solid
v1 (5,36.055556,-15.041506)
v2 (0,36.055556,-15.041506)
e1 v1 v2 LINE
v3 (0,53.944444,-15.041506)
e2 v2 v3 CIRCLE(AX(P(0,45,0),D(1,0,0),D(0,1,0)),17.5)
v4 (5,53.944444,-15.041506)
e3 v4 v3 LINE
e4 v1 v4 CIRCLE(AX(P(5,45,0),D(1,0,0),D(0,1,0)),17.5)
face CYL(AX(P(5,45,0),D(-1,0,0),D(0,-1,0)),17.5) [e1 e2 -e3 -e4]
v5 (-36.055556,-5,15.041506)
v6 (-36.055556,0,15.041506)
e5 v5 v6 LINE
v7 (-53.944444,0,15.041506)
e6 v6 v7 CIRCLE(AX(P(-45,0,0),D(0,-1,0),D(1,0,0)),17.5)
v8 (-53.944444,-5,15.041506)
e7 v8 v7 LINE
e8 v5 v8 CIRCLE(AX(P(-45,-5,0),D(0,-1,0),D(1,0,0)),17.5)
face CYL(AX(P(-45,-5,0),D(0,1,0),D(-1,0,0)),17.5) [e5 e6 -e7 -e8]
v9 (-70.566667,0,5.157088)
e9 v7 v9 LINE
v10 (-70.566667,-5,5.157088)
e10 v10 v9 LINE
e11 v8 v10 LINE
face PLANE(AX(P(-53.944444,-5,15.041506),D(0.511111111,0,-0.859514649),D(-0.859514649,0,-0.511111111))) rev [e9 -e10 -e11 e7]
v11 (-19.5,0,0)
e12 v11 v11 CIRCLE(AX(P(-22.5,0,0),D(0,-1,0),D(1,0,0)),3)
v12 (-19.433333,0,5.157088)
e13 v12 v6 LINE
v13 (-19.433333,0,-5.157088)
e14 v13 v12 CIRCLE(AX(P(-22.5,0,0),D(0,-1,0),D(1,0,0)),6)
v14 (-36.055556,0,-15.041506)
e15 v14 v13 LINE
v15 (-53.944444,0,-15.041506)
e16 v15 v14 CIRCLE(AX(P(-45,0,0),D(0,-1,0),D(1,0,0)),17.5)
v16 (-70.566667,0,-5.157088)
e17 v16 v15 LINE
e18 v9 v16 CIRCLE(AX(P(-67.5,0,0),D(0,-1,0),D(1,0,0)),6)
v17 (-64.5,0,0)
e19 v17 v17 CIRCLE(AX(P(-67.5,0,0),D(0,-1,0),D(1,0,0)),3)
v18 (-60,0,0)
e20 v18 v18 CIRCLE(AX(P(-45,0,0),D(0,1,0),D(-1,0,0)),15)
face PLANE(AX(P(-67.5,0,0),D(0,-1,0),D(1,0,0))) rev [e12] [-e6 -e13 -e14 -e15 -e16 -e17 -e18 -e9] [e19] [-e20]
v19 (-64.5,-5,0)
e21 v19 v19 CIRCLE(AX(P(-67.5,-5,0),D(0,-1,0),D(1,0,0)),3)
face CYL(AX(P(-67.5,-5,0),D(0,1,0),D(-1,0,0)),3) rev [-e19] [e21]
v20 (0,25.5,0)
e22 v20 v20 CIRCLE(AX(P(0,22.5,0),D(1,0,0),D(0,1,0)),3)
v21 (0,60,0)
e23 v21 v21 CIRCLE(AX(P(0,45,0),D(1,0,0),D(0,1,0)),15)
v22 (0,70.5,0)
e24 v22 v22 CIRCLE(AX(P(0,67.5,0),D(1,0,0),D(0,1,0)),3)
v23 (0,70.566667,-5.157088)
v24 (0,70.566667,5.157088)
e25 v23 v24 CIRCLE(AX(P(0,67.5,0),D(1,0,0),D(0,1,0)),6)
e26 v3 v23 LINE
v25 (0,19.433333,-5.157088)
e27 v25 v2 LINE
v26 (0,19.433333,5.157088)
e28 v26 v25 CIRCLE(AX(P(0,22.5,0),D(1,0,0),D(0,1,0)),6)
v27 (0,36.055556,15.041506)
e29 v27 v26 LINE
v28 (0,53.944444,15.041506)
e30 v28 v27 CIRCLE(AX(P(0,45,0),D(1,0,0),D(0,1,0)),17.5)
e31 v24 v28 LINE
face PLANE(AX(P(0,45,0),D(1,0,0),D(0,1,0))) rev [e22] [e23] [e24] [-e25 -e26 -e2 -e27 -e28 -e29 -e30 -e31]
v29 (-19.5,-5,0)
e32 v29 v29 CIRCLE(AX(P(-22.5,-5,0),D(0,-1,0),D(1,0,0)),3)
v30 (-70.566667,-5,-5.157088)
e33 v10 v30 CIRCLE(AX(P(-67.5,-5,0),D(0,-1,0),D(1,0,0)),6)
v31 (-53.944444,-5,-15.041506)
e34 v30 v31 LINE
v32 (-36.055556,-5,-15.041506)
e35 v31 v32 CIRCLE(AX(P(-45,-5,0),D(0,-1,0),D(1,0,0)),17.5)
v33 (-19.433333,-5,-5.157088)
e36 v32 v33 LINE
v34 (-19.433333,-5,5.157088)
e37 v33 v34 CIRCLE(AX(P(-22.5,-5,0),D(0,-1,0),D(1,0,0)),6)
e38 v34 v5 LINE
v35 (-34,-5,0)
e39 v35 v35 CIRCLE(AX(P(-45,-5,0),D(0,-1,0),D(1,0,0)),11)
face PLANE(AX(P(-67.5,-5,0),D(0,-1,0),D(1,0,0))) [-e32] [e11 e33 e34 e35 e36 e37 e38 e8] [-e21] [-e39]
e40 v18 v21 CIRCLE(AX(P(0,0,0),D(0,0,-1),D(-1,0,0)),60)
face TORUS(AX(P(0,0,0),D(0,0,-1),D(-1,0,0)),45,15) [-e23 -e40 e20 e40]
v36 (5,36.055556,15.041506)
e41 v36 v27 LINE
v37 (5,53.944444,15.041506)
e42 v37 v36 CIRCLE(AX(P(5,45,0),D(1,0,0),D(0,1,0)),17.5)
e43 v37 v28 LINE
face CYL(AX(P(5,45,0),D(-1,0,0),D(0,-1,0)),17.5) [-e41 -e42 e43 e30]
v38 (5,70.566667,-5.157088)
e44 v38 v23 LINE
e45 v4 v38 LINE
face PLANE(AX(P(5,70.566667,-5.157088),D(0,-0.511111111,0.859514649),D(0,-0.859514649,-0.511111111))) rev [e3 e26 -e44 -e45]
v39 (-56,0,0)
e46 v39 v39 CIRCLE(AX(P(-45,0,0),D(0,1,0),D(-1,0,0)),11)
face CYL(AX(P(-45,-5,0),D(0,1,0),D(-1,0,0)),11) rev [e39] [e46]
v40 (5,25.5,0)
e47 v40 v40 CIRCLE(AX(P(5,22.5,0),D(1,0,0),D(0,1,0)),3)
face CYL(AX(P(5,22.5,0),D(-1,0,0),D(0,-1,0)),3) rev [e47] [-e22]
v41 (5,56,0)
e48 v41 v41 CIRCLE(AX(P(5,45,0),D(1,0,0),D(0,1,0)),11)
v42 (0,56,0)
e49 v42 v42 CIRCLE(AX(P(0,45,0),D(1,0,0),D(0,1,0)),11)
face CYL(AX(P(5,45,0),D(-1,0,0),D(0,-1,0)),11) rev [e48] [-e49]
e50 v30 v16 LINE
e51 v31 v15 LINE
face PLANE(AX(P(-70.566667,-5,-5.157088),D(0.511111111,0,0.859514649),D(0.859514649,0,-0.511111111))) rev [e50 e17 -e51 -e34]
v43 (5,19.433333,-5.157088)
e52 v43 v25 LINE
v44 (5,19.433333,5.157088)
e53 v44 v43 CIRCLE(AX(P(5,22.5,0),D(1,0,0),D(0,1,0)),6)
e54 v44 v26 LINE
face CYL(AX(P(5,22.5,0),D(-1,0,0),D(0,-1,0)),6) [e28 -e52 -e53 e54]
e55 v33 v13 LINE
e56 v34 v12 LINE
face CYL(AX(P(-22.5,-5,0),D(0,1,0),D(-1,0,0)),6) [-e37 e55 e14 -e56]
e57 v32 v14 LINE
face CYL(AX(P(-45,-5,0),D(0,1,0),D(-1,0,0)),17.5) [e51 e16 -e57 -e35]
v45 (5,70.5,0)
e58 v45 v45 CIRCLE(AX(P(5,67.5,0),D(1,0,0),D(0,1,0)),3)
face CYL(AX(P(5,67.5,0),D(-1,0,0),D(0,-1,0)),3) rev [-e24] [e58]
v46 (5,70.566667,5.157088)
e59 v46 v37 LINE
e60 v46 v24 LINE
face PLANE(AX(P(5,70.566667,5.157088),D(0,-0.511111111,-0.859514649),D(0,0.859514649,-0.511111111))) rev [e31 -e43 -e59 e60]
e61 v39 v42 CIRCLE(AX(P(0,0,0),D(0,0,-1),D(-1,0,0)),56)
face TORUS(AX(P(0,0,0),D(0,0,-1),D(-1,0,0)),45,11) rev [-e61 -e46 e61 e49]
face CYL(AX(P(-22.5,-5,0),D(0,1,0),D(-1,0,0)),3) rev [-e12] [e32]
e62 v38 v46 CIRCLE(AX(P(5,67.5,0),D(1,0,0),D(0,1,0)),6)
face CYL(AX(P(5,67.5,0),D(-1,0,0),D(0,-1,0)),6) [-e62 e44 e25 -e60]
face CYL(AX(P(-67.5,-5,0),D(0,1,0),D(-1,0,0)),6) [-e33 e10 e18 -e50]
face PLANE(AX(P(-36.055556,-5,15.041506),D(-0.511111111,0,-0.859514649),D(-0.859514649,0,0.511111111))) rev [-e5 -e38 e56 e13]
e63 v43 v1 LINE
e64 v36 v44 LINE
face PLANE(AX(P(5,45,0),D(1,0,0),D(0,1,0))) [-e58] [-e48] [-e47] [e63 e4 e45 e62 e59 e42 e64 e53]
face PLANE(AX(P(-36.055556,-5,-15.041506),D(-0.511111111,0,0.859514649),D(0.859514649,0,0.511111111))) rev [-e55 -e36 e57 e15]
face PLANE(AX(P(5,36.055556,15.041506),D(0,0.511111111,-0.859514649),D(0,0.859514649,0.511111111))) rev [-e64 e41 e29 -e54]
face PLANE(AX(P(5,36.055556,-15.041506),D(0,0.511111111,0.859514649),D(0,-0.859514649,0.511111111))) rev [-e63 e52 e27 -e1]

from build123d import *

# Parameters (mm, degrees)
SWEEP_THIN1_PROFILE_R   = 15
SWEEP_THIN1_PROFILE_R_2 = 11
SKETCH65_R              = 11
SKETCH65_R_2            = 3
BOSS_EXTRUDE1_DEPTH     = 5
SKETCH66_R              = 11
SKETCH66_R_2            = 3
BOSS_EXTRUDE2_DEPTH     = 5


with BuildPart() as part:
    # Sweep-Thin1: sweep along a path in Sketch1
    with BuildLine(Plane.XY) as sweep_thin1_path:
        ThreePointArc((-45, 0), (-31.819805153, 31.819805153), (0, 45))
    # Sweep-Thin1 profile (on start of the path) → Sweep-Thin1 (sweep)
    with BuildSketch(Plane(origin=(-45, 0, 0), x_dir=(1, 0, 0), z_dir=(0, 1, 0))):
        Circle(SWEEP_THIN1_PROFILE_R)
        Circle(SWEEP_THIN1_PROFILE_R_2, mode=Mode.SUBTRACT)
    sweep(path=sweep_thin1_path.line)

    # Sketch65 → Boss-Extrude1 (add)
    with BuildSketch(Plane(origin=(0, 0, 0), x_dir=(0, 0, -1), z_dir=(1, 0, 0))):
        with BuildLine():
            Line((-5.157087895, 70.566666667), (-15.04150636, 53.944444444))
            ThreePointArc((-15.04150636, 53.944444444), (-17.5, 45), (-15.04150636, 36.055555556))
            Line((-15.04150636, 36.055555556), (-5.157087895, 19.433333333))
            ThreePointArc((-5.157087895, 19.433333333), (0, 16.5), (5.157087895, 19.433333333))
            Line((5.157087895, 19.433333333), (15.04150636, 36.055555556))
            ThreePointArc((15.04150636, 36.055555556), (17.5, 45), (15.04150636, 53.944444444))
            Line((15.04150636, 53.944444444), (5.157087895, 70.566666667))
            ThreePointArc((5.157087895, 70.566666667), (0, 73.5), (-5.157087895, 70.566666667))
        make_face()
        with Locations(Location((0, 45, 0), (0, 0, 90))):
            Circle(SKETCH65_R, mode=Mode.SUBTRACT)
        with Locations(Location((0, 67.5, 0), (0, 0, 90))):
            Circle(SKETCH65_R_2, mode=Mode.SUBTRACT)
        with Locations(Location((0, 22.5, 0), (0, 0, 90))):
            Circle(SKETCH65_R_2, mode=Mode.SUBTRACT)
    extrude(amount=BOSS_EXTRUDE1_DEPTH)

    # Sketch66 → Boss-Extrude2 (add)
    with BuildSketch(Plane.XZ):
        with BuildLine():
            Line((-53.944444444, 15.04150636), (-70.566666667, 5.157087895))
            ThreePointArc((-70.566666667, 5.157087895), (-73.5, 0), (-70.566666667, -5.157087895))
            Line((-70.566666667, -5.157087895), (-53.944444444, -15.04150636))
            ThreePointArc((-53.944444444, -15.04150636), (-45, -17.5), (-36.055555556, -15.04150636))
            Line((-36.055555556, -15.04150636), (-19.433333333, -5.157087895))
            ThreePointArc((-19.433333333, -5.157087895), (-16.5, 0), (-19.433333333, 5.157087895))
            Line((-19.433333333, 5.157087895), (-36.055555556, 15.04150636))
            ThreePointArc((-36.055555556, 15.04150636), (-45, 17.5), (-53.944444444, 15.04150636))
        make_face()
        with Locations(Location((-45, 0, 0), (0, 0, 180))):
            Circle(SKETCH66_R, mode=Mode.SUBTRACT)
        with Locations((-67.5, 0)):
            Circle(SKETCH66_R_2, mode=Mode.SUBTRACT)
        with Locations((-22.5, 0)):
            Circle(SKETCH66_R_2, mode=Mode.SUBTRACT)
    extrude(amount=BOSS_EXTRUDE2_DEPTH)


solid = part.part
